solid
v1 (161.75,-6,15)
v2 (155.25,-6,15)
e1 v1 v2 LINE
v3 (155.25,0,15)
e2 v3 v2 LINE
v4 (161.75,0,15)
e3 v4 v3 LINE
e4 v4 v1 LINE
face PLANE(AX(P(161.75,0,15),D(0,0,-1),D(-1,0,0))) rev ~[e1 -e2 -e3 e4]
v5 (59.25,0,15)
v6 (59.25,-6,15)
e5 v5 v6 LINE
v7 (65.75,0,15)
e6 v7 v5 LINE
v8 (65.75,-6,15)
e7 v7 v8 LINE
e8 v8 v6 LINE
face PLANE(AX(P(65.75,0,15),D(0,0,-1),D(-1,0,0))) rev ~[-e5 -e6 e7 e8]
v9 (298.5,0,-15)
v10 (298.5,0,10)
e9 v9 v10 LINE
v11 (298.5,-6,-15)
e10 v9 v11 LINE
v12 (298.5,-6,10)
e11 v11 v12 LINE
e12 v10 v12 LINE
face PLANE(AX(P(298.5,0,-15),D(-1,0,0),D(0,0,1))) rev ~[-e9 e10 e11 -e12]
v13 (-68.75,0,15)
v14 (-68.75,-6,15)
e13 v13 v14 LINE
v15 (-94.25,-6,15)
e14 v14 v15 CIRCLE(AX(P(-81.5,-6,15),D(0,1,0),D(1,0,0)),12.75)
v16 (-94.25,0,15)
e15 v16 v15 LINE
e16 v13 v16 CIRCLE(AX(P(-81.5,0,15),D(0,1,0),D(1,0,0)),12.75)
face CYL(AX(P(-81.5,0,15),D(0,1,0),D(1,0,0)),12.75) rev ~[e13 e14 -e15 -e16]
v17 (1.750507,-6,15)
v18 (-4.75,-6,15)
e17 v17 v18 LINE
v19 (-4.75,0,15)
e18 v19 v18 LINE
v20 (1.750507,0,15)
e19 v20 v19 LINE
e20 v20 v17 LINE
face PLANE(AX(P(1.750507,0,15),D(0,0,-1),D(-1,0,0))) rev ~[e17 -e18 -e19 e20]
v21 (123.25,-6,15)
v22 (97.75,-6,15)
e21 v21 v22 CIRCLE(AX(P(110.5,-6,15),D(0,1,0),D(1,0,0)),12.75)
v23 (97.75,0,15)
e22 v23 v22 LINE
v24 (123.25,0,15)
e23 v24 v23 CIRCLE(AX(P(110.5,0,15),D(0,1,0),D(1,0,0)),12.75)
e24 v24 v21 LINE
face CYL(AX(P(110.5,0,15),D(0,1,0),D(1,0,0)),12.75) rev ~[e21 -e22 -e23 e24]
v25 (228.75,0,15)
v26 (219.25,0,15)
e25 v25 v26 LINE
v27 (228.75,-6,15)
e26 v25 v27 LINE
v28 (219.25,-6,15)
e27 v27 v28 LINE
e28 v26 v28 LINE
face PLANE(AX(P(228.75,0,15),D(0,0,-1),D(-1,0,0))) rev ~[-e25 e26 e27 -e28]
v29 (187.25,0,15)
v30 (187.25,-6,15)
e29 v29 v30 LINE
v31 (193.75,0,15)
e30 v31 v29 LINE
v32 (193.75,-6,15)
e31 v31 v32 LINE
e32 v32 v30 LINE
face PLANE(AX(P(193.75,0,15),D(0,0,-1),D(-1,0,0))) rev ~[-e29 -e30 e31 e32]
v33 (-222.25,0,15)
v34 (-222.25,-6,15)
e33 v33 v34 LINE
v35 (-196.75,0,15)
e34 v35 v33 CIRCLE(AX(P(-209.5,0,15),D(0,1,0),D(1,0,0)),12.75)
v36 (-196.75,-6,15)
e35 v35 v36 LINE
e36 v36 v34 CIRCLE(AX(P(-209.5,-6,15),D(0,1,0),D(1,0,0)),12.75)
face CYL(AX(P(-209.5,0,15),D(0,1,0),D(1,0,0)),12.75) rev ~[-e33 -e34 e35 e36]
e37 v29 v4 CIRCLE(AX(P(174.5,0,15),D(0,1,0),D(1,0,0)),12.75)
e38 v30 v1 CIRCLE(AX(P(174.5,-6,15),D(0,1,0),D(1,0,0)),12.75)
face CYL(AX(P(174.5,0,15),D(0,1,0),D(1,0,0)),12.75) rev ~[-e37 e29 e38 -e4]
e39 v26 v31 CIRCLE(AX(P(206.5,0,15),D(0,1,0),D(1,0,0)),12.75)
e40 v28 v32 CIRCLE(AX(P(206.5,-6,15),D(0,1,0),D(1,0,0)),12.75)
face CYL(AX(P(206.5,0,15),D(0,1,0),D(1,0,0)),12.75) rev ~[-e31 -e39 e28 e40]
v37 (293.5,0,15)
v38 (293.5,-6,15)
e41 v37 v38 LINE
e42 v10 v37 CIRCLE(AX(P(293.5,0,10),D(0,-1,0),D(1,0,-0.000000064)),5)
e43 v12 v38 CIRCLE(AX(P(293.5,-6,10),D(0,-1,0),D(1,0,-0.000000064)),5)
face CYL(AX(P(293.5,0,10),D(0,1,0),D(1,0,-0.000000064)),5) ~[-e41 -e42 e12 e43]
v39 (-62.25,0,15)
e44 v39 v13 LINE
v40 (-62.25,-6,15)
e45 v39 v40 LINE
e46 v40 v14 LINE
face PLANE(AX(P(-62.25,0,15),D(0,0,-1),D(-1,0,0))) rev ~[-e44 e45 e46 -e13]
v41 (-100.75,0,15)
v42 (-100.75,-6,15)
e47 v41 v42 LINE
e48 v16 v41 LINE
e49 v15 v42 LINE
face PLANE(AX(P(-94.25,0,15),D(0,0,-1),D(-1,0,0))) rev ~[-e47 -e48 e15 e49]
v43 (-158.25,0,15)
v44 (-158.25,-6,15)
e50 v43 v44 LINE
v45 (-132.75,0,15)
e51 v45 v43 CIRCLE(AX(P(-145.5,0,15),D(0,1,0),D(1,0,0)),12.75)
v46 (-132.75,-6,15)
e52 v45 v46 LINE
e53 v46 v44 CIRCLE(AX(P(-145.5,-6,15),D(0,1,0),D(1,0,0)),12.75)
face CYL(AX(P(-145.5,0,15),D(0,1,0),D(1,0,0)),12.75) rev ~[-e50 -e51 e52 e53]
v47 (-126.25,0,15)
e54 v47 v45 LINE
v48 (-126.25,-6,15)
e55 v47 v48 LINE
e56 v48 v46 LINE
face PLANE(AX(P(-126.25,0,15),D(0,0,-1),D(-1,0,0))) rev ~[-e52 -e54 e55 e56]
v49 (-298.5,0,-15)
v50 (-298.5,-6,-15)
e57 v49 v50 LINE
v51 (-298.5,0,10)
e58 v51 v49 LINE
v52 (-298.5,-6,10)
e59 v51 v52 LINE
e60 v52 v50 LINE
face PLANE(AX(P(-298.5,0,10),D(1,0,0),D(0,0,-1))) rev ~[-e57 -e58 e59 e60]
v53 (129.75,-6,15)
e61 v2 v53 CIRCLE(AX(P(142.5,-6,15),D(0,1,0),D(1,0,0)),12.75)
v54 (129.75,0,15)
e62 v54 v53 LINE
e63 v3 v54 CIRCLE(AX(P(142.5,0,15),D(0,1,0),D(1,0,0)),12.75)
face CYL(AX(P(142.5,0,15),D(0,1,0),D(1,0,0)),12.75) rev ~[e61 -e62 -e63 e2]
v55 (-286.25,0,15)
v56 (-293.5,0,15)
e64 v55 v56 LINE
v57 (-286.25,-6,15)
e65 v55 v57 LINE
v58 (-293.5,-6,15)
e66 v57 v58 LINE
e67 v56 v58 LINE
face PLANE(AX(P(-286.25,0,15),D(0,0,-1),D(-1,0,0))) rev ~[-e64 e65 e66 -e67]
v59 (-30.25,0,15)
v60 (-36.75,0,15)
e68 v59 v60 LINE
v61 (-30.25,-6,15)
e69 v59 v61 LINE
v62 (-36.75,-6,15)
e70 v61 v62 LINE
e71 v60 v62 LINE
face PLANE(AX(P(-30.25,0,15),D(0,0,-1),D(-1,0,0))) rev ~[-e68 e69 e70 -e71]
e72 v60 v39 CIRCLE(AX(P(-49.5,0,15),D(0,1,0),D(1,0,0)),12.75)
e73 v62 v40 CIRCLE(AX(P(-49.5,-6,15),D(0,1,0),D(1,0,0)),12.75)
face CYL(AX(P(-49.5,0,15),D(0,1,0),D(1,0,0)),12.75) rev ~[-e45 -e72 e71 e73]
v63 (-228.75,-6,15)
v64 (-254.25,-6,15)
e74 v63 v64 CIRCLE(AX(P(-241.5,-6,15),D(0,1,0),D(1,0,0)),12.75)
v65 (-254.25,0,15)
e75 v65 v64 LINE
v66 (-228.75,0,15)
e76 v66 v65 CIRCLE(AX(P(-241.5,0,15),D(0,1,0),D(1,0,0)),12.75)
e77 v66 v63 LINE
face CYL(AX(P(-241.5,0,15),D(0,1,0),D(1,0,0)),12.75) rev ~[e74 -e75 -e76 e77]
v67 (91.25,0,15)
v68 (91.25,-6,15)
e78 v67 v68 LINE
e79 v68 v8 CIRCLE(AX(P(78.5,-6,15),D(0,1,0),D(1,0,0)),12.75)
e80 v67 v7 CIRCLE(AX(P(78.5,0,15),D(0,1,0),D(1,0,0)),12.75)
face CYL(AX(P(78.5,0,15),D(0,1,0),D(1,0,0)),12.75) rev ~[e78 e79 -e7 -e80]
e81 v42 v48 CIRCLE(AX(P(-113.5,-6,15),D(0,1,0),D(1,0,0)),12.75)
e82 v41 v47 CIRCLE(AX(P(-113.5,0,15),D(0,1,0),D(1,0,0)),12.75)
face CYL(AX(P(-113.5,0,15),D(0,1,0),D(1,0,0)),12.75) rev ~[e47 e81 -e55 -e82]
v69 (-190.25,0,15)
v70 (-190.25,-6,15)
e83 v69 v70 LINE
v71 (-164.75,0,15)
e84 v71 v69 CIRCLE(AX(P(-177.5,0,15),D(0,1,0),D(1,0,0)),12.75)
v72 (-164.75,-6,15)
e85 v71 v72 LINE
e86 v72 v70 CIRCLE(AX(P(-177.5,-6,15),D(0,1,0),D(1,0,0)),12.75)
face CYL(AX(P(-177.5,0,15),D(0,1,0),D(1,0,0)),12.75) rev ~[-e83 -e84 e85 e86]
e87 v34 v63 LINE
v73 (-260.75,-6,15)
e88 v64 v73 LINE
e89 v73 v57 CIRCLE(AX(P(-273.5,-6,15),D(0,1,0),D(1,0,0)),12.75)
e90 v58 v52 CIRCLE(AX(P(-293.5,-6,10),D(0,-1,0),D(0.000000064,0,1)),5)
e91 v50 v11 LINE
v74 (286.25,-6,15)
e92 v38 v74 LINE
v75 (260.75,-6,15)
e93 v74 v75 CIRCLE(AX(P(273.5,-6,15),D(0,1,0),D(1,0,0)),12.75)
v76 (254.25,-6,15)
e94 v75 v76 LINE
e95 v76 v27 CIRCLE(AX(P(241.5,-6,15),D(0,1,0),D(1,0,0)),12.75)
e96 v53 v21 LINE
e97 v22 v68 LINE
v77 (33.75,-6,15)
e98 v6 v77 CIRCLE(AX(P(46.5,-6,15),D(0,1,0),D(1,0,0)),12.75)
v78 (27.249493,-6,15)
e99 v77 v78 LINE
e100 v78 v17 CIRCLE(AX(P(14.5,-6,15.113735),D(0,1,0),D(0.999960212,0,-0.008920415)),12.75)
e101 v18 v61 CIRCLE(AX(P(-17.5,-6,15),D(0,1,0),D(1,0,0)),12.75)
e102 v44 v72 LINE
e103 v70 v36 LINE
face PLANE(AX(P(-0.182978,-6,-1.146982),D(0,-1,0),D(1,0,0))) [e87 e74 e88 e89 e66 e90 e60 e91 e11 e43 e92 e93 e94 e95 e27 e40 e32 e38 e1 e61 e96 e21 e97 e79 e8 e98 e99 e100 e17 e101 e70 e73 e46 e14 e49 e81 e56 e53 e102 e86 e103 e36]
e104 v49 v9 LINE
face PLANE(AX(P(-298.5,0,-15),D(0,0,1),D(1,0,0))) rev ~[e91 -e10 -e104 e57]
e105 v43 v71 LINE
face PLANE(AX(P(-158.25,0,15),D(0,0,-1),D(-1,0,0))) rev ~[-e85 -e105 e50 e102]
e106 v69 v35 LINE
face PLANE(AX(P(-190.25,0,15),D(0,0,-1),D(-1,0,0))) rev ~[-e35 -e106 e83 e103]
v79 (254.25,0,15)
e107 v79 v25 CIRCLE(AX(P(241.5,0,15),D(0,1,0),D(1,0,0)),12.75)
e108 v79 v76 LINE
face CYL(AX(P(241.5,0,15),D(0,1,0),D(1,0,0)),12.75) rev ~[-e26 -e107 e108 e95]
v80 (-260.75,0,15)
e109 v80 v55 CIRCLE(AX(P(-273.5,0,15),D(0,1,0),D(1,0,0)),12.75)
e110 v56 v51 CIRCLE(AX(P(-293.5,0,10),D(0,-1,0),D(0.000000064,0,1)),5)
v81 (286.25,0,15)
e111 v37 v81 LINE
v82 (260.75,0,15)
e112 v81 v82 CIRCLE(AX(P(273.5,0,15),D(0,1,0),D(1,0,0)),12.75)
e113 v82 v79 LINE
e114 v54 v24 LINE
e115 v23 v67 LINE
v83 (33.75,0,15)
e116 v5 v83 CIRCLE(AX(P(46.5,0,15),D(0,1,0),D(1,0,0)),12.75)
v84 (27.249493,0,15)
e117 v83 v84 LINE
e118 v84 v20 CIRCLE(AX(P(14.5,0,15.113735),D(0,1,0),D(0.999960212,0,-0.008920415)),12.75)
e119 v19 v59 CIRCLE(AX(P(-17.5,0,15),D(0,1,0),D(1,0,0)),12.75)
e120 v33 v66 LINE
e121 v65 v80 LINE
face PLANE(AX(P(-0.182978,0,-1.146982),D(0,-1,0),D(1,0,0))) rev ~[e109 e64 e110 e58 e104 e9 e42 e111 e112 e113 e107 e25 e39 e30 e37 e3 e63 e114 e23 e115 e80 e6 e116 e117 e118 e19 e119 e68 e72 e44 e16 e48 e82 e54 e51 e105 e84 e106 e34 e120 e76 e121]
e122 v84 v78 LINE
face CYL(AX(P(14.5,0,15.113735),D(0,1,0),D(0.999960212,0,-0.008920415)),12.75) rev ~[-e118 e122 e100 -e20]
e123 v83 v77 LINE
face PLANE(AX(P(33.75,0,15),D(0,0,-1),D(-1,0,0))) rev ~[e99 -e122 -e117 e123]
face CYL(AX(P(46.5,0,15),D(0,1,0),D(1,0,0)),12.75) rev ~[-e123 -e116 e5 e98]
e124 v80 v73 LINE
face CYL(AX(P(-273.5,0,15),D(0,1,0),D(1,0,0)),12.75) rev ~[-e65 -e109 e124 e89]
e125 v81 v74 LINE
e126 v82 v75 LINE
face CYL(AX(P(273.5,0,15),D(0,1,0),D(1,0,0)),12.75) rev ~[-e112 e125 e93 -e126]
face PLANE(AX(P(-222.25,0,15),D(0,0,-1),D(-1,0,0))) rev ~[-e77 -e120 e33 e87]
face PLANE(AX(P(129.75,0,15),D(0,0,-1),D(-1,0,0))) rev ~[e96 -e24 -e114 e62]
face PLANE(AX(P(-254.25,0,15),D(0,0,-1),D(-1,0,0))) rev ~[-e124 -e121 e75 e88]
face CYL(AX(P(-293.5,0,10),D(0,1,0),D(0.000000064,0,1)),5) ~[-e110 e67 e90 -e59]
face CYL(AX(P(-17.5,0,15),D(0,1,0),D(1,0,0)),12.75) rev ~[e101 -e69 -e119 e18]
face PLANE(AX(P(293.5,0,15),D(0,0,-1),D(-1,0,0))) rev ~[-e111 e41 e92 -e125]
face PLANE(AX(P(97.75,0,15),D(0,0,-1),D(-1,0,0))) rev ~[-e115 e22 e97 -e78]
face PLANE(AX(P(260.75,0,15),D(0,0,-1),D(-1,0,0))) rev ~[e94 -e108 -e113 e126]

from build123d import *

# Parameters (mm, degrees)
F1_DEPTH = 6


with BuildPart() as f1:
    # F0 (on Front) → F1 (new body)
    with BuildSketch(Plane.XZ):
        with BuildLine():
            Line((-298.5, -15), (298.5, -15))
            Line((298.5, -15), (298.5, 10))
            ThreePointArc((298.5, 10), (297.035534, 13.535534), (293.5, 15))
            Line((293.5, 15), (286.25, 15))
            ThreePointArc((286.25, 15), (273.5, 2.25), (260.75, 15))
            Line((260.75, 15), (254.25, 15))
            ThreePointArc((254.25, 15), (241.5, 2.25), (228.75, 15))
            Line((228.75, 15), (219.25, 15))
            ThreePointArc((219.25, 15), (206.5, 2.25), (193.75, 15))
            Line((193.75, 15), (187.25, 15))
            ThreePointArc((187.25, 15), (174.5, 2.25), (161.75, 15))
            Line((161.75, 15), (155.25, 15))
            ThreePointArc((155.25, 15), (142.5, 2.25), (129.75, 15))
            Line((129.75, 15), (123.25, 15))
            ThreePointArc((123.25, 15), (110.5, 2.25), (97.75, 15))
            Line((97.75, 15), (91.25, 15))
            ThreePointArc((91.25, 15), (78.5, 2.25), (65.75, 15))
            Line((65.75, 15), (59.25, 15))
            ThreePointArc((59.25, 15), (46.5, 2.25), (33.75, 15))
            Line((33.75, 15), (27.249493, 15))
            ThreePointArc((27.249493, 15), (14.5, 2.363735), (1.750507, 15))
            Line((1.750507, 15), (-4.75, 15))
            ThreePointArc((-4.75, 15), (-17.5, 2.25), (-30.25, 15))
            Line((-30.25, 15), (-36.75, 15))
            ThreePointArc((-36.75, 15), (-49.5, 2.25), (-62.25, 15))
            Line((-62.25, 15), (-68.75, 15))
            ThreePointArc((-68.75, 15), (-81.5, 2.25), (-94.25, 15))
            Line((-94.25, 15), (-100.75, 15))
            ThreePointArc((-100.75, 15), (-113.5, 2.25), (-126.25, 15))
            Line((-126.25, 15), (-132.75, 15))
            ThreePointArc((-132.75, 15), (-145.5, 2.25), (-158.25, 15))
            Line((-158.25, 15), (-164.75, 15))
            ThreePointArc((-164.75, 15), (-177.5, 2.25), (-190.25, 15))
            Line((-190.25, 15), (-196.75, 15))
            ThreePointArc((-196.75, 15), (-209.5, 2.25), (-222.25, 15))
            Line((-222.25, 15), (-228.75, 15))
            ThreePointArc((-228.75, 15), (-241.5, 2.25), (-254.25, 15))
            Line((-254.25, 15), (-260.75, 15))
            ThreePointArc((-260.75, 15), (-273.5, 2.25), (-286.25, 15))
            Line((-286.25, 15), (-293.5, 15))
            ThreePointArc((-293.5, 15), (-297.035534, 13.535534), (-298.5, 10))
            Line((-298.5, 10), (-298.5, -15))
        make_face()
    extrude(amount=F1_DEPTH)


solid = f1.part
